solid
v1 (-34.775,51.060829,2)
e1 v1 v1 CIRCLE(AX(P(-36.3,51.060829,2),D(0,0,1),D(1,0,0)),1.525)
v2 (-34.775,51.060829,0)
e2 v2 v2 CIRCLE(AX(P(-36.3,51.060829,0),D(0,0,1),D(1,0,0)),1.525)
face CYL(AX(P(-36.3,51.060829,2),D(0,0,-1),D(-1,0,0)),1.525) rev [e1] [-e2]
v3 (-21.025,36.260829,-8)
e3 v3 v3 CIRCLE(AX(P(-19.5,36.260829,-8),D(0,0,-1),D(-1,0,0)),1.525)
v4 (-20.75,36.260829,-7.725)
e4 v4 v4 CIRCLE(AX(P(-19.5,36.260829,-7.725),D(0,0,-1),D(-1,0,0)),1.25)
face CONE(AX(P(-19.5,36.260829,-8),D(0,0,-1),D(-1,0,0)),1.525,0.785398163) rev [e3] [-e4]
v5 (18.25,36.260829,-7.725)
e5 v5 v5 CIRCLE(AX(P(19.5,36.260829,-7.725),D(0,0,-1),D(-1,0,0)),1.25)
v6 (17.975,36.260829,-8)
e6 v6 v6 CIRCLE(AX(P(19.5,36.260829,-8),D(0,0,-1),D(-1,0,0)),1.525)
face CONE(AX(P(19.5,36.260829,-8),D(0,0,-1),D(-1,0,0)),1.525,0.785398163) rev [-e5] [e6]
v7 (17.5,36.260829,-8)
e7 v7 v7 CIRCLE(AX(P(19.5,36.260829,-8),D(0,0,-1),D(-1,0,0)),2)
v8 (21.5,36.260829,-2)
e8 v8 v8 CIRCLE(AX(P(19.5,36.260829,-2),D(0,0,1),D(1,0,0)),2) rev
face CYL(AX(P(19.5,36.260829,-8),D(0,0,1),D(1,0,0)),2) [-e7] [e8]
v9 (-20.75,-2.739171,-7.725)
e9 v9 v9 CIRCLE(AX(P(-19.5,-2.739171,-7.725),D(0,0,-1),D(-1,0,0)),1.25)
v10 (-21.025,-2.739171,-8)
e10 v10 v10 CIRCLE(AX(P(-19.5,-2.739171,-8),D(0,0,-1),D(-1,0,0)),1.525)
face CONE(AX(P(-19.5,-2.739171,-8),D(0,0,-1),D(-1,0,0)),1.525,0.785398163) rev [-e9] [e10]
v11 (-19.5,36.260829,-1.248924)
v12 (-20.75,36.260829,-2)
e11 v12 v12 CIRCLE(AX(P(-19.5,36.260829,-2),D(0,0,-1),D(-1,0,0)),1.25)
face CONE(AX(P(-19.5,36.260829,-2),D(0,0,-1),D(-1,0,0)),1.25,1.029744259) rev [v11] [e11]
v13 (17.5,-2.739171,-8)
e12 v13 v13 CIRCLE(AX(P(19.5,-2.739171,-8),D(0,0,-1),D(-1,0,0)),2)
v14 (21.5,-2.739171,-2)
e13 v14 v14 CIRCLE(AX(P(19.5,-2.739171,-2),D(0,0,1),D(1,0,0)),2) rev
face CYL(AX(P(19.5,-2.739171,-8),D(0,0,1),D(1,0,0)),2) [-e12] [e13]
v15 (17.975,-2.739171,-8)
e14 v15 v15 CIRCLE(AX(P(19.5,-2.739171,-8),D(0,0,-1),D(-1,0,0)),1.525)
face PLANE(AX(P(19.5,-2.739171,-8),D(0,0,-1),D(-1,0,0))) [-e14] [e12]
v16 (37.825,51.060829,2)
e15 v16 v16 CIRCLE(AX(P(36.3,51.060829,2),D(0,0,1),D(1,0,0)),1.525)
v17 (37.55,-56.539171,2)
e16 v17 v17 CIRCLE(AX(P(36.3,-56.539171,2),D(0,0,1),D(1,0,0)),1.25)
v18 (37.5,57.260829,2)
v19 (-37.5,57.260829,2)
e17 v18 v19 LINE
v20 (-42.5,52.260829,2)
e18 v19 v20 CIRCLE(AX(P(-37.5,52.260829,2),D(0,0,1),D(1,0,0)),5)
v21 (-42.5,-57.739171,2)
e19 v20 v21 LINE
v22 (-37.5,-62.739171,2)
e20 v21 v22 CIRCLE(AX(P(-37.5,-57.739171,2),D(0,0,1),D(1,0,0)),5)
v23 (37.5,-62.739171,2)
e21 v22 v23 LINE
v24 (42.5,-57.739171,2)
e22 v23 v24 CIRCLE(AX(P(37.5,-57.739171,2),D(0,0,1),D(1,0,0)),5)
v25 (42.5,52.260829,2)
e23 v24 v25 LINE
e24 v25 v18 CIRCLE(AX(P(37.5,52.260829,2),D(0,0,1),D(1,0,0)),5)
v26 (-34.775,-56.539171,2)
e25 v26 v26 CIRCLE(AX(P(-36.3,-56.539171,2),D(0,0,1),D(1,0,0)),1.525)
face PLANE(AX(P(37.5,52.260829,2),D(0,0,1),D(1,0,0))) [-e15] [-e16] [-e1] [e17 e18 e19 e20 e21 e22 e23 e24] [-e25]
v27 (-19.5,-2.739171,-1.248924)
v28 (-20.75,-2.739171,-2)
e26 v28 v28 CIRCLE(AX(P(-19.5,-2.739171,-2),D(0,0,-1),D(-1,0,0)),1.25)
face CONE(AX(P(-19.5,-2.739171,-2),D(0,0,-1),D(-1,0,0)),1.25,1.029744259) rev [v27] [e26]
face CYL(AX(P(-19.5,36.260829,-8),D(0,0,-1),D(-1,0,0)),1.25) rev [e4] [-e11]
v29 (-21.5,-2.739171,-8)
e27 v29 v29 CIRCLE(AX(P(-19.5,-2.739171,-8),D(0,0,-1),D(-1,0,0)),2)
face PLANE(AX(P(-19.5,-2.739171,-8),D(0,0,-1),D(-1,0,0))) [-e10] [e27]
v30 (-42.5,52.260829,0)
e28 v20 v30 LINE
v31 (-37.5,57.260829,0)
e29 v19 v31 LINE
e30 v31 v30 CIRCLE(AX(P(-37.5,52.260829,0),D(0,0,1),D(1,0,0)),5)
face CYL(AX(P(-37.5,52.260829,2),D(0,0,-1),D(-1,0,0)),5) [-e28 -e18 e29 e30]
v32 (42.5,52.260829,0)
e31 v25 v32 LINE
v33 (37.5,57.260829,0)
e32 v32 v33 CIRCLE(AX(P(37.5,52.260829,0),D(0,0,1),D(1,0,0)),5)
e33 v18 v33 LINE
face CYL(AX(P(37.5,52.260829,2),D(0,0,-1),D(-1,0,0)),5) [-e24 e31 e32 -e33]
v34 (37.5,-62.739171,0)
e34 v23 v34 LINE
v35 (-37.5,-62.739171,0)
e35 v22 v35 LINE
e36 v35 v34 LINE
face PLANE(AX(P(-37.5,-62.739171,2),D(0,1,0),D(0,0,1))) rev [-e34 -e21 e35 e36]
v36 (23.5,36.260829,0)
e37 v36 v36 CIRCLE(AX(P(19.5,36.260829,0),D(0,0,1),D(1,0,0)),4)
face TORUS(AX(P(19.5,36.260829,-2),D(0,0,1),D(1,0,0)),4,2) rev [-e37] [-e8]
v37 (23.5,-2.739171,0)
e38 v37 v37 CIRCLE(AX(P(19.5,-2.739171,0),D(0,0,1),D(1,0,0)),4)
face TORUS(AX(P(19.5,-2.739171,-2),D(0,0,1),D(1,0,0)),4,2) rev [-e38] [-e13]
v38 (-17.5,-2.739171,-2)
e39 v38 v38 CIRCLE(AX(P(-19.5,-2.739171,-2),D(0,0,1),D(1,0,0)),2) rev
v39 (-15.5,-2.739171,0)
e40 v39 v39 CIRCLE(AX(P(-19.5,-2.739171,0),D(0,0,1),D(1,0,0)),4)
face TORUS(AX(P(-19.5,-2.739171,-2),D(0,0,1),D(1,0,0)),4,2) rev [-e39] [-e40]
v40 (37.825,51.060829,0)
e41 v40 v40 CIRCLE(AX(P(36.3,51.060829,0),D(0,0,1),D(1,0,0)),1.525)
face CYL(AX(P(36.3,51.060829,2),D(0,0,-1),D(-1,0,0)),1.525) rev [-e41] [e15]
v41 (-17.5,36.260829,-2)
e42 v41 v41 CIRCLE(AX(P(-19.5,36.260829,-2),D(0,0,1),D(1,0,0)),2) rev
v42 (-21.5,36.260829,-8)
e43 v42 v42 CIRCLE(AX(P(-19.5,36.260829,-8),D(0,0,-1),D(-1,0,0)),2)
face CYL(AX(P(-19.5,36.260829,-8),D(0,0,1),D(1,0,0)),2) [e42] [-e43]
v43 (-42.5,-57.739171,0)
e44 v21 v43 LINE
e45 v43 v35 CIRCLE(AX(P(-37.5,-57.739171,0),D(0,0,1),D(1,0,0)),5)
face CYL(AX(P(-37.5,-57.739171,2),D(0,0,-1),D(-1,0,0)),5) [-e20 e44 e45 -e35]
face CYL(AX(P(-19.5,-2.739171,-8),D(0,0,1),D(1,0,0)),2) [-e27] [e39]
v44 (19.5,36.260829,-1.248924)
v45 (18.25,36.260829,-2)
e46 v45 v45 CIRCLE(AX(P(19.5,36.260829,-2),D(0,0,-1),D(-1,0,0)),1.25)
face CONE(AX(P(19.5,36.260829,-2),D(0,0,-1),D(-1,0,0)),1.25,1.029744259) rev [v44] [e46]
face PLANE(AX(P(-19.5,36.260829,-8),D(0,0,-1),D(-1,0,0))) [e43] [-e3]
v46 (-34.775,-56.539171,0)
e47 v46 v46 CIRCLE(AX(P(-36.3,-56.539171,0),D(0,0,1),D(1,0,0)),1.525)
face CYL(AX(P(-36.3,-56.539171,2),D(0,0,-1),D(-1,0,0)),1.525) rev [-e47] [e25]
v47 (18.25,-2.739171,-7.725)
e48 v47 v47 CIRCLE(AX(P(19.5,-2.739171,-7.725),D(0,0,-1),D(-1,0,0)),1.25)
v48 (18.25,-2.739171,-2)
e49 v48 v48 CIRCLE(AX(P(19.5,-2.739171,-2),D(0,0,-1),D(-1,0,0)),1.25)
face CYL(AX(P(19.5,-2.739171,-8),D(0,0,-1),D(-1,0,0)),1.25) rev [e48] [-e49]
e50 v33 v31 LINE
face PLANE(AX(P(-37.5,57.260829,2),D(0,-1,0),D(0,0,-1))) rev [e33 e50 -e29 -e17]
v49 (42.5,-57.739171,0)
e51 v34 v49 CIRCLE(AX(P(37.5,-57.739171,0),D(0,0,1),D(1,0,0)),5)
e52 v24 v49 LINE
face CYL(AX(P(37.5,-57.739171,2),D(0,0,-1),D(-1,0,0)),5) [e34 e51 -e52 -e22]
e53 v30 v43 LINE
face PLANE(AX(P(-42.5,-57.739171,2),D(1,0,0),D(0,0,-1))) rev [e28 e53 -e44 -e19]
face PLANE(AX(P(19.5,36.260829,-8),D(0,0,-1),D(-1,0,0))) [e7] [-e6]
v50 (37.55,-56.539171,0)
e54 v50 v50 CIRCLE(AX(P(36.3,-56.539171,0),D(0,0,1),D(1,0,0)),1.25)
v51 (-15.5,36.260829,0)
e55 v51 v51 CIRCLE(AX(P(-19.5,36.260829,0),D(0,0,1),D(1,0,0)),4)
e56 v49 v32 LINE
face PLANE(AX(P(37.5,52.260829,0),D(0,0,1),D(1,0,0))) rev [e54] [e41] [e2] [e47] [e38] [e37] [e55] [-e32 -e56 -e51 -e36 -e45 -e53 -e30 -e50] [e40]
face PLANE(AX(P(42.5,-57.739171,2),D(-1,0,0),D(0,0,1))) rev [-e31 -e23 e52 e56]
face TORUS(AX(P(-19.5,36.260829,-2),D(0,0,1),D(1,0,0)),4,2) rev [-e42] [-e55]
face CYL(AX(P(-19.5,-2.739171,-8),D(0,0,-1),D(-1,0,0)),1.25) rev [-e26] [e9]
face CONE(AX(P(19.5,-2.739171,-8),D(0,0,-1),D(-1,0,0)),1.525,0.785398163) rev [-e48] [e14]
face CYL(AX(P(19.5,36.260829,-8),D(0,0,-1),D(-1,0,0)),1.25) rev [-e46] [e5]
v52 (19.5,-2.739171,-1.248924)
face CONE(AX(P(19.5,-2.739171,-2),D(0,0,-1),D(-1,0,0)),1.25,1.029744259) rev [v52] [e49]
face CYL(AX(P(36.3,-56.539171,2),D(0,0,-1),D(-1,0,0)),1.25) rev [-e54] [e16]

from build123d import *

# Parameters (mm, degrees)
SKETCH1_R                   = 1.25
SKETCH1_R_2                 = 1.525
BOSS_EXTRUDE1_DEPTH         = 2
SKETCH3_R                   = 2
BOSS_EXTRUDE2_DEPTH         = 8
M3_TAPPED_HOLE1_D           = 2.5
M3_TAPPED_HOLE1_DEPTH       = 6
M3_TAPPED_HOLE1_CSINK_D     = 3.05
M3_TAPPED_HOLE1_CSINK_ANGLE = 90
M3_TAPPED_HOLE1_TIP         = 0.751075774
FILLET1_R                   = 2


with BuildPart() as part:
    # Sketch1 → Boss-Extrude1 (new body)
    with BuildSketch(Plane.XY):
        with BuildLine():
            Line((-37.5, 57.260829493), (37.5, 57.260829493))
            ThreePointArc((37.5, 57.260829493), (41.035533906, 55.796363399), (42.5, 52.260829493))
            Line((42.5, 52.260829493), (42.5, -57.739170507))
            ThreePointArc((42.5, -57.739170507), (41.035533906, -61.274704413), (37.5, -62.739170507))
            Line((37.5, -62.739170507), (-37.5, -62.739170507))
            ThreePointArc((-37.5, -62.739170507), (-41.035533906, -61.274704413), (-42.5, -57.739170507))
            Line((-42.5, -57.739170507), (-42.5, 52.260829493))
            ThreePointArc((-42.5, 52.260829493), (-41.035533906, 55.796363399), (-37.5, 57.260829493))
        make_face()
        with Locations((36.3, -56.539170507)):
            Circle(SKETCH1_R, mode=Mode.SUBTRACT)
        with Locations((36.3, 51.060829493)):
            Circle(SKETCH1_R_2, mode=Mode.SUBTRACT)
        with Locations((-36.3, 51.060829493)):
            Circle(SKETCH1_R_2, mode=Mode.SUBTRACT)
        with Locations((-36.3, -56.539170507)):
            Circle(SKETCH1_R_2, mode=Mode.SUBTRACT)
    extrude(amount=BOSS_EXTRUDE1_DEPTH)

    # Sketch3 → Boss-Extrude2 (add)
    with BuildSketch(Plane(origin=(0, 0, 0), x_dir=(-1, 0, 0), z_dir=(0, 0, -1))):
        with Locations((-19.5, 36.260829493)):
            Circle(SKETCH3_R)
        with Locations((19.5, 36.260829493)):
            Circle(SKETCH3_R)
        with Locations((19.5, -2.739170507)):
            Circle(SKETCH3_R)
        with Locations((-19.5, -2.739170507)):
            Circle(SKETCH3_R)
    extrude(amount=BOSS_EXTRUDE2_DEPTH)

    # M3 Tapped Hole1
    with Locations(Plane(origin=(0, 0, -8), x_dir=(-1, 0, 0), z_dir=(0, 0, -1))):
        with Locations((-19.5, -2.739170507), (-19.5, 36.260829493), (19.5, 36.260829493), (19.5, -2.739170507)):
            CounterSinkHole(M3_TAPPED_HOLE1_D / 2, M3_TAPPED_HOLE1_CSINK_D / 2, depth=M3_TAPPED_HOLE1_DEPTH, counter_sink_angle=M3_TAPPED_HOLE1_CSINK_ANGLE)
            with Locations((0, 0, -(M3_TAPPED_HOLE1_DEPTH + M3_TAPPED_HOLE1_TIP / 2))):  # 118° drill point
                Cone(0, M3_TAPPED_HOLE1_D / 2, M3_TAPPED_HOLE1_TIP, mode=Mode.SUBTRACT)

    # Fillet1
    fillet1_edges = [part.edges().sort_by_distance(p)[0] for p in [
        (21.5, 36.260829493, 0),
        (-17.5, 36.260829493, 0),
        (-17.5, -2.739170507, 0),
        (21.5, -2.739170507, 0),
    ]]
    fillet(fillet1_edges, radius=FILLET1_R)


solid = part.part
